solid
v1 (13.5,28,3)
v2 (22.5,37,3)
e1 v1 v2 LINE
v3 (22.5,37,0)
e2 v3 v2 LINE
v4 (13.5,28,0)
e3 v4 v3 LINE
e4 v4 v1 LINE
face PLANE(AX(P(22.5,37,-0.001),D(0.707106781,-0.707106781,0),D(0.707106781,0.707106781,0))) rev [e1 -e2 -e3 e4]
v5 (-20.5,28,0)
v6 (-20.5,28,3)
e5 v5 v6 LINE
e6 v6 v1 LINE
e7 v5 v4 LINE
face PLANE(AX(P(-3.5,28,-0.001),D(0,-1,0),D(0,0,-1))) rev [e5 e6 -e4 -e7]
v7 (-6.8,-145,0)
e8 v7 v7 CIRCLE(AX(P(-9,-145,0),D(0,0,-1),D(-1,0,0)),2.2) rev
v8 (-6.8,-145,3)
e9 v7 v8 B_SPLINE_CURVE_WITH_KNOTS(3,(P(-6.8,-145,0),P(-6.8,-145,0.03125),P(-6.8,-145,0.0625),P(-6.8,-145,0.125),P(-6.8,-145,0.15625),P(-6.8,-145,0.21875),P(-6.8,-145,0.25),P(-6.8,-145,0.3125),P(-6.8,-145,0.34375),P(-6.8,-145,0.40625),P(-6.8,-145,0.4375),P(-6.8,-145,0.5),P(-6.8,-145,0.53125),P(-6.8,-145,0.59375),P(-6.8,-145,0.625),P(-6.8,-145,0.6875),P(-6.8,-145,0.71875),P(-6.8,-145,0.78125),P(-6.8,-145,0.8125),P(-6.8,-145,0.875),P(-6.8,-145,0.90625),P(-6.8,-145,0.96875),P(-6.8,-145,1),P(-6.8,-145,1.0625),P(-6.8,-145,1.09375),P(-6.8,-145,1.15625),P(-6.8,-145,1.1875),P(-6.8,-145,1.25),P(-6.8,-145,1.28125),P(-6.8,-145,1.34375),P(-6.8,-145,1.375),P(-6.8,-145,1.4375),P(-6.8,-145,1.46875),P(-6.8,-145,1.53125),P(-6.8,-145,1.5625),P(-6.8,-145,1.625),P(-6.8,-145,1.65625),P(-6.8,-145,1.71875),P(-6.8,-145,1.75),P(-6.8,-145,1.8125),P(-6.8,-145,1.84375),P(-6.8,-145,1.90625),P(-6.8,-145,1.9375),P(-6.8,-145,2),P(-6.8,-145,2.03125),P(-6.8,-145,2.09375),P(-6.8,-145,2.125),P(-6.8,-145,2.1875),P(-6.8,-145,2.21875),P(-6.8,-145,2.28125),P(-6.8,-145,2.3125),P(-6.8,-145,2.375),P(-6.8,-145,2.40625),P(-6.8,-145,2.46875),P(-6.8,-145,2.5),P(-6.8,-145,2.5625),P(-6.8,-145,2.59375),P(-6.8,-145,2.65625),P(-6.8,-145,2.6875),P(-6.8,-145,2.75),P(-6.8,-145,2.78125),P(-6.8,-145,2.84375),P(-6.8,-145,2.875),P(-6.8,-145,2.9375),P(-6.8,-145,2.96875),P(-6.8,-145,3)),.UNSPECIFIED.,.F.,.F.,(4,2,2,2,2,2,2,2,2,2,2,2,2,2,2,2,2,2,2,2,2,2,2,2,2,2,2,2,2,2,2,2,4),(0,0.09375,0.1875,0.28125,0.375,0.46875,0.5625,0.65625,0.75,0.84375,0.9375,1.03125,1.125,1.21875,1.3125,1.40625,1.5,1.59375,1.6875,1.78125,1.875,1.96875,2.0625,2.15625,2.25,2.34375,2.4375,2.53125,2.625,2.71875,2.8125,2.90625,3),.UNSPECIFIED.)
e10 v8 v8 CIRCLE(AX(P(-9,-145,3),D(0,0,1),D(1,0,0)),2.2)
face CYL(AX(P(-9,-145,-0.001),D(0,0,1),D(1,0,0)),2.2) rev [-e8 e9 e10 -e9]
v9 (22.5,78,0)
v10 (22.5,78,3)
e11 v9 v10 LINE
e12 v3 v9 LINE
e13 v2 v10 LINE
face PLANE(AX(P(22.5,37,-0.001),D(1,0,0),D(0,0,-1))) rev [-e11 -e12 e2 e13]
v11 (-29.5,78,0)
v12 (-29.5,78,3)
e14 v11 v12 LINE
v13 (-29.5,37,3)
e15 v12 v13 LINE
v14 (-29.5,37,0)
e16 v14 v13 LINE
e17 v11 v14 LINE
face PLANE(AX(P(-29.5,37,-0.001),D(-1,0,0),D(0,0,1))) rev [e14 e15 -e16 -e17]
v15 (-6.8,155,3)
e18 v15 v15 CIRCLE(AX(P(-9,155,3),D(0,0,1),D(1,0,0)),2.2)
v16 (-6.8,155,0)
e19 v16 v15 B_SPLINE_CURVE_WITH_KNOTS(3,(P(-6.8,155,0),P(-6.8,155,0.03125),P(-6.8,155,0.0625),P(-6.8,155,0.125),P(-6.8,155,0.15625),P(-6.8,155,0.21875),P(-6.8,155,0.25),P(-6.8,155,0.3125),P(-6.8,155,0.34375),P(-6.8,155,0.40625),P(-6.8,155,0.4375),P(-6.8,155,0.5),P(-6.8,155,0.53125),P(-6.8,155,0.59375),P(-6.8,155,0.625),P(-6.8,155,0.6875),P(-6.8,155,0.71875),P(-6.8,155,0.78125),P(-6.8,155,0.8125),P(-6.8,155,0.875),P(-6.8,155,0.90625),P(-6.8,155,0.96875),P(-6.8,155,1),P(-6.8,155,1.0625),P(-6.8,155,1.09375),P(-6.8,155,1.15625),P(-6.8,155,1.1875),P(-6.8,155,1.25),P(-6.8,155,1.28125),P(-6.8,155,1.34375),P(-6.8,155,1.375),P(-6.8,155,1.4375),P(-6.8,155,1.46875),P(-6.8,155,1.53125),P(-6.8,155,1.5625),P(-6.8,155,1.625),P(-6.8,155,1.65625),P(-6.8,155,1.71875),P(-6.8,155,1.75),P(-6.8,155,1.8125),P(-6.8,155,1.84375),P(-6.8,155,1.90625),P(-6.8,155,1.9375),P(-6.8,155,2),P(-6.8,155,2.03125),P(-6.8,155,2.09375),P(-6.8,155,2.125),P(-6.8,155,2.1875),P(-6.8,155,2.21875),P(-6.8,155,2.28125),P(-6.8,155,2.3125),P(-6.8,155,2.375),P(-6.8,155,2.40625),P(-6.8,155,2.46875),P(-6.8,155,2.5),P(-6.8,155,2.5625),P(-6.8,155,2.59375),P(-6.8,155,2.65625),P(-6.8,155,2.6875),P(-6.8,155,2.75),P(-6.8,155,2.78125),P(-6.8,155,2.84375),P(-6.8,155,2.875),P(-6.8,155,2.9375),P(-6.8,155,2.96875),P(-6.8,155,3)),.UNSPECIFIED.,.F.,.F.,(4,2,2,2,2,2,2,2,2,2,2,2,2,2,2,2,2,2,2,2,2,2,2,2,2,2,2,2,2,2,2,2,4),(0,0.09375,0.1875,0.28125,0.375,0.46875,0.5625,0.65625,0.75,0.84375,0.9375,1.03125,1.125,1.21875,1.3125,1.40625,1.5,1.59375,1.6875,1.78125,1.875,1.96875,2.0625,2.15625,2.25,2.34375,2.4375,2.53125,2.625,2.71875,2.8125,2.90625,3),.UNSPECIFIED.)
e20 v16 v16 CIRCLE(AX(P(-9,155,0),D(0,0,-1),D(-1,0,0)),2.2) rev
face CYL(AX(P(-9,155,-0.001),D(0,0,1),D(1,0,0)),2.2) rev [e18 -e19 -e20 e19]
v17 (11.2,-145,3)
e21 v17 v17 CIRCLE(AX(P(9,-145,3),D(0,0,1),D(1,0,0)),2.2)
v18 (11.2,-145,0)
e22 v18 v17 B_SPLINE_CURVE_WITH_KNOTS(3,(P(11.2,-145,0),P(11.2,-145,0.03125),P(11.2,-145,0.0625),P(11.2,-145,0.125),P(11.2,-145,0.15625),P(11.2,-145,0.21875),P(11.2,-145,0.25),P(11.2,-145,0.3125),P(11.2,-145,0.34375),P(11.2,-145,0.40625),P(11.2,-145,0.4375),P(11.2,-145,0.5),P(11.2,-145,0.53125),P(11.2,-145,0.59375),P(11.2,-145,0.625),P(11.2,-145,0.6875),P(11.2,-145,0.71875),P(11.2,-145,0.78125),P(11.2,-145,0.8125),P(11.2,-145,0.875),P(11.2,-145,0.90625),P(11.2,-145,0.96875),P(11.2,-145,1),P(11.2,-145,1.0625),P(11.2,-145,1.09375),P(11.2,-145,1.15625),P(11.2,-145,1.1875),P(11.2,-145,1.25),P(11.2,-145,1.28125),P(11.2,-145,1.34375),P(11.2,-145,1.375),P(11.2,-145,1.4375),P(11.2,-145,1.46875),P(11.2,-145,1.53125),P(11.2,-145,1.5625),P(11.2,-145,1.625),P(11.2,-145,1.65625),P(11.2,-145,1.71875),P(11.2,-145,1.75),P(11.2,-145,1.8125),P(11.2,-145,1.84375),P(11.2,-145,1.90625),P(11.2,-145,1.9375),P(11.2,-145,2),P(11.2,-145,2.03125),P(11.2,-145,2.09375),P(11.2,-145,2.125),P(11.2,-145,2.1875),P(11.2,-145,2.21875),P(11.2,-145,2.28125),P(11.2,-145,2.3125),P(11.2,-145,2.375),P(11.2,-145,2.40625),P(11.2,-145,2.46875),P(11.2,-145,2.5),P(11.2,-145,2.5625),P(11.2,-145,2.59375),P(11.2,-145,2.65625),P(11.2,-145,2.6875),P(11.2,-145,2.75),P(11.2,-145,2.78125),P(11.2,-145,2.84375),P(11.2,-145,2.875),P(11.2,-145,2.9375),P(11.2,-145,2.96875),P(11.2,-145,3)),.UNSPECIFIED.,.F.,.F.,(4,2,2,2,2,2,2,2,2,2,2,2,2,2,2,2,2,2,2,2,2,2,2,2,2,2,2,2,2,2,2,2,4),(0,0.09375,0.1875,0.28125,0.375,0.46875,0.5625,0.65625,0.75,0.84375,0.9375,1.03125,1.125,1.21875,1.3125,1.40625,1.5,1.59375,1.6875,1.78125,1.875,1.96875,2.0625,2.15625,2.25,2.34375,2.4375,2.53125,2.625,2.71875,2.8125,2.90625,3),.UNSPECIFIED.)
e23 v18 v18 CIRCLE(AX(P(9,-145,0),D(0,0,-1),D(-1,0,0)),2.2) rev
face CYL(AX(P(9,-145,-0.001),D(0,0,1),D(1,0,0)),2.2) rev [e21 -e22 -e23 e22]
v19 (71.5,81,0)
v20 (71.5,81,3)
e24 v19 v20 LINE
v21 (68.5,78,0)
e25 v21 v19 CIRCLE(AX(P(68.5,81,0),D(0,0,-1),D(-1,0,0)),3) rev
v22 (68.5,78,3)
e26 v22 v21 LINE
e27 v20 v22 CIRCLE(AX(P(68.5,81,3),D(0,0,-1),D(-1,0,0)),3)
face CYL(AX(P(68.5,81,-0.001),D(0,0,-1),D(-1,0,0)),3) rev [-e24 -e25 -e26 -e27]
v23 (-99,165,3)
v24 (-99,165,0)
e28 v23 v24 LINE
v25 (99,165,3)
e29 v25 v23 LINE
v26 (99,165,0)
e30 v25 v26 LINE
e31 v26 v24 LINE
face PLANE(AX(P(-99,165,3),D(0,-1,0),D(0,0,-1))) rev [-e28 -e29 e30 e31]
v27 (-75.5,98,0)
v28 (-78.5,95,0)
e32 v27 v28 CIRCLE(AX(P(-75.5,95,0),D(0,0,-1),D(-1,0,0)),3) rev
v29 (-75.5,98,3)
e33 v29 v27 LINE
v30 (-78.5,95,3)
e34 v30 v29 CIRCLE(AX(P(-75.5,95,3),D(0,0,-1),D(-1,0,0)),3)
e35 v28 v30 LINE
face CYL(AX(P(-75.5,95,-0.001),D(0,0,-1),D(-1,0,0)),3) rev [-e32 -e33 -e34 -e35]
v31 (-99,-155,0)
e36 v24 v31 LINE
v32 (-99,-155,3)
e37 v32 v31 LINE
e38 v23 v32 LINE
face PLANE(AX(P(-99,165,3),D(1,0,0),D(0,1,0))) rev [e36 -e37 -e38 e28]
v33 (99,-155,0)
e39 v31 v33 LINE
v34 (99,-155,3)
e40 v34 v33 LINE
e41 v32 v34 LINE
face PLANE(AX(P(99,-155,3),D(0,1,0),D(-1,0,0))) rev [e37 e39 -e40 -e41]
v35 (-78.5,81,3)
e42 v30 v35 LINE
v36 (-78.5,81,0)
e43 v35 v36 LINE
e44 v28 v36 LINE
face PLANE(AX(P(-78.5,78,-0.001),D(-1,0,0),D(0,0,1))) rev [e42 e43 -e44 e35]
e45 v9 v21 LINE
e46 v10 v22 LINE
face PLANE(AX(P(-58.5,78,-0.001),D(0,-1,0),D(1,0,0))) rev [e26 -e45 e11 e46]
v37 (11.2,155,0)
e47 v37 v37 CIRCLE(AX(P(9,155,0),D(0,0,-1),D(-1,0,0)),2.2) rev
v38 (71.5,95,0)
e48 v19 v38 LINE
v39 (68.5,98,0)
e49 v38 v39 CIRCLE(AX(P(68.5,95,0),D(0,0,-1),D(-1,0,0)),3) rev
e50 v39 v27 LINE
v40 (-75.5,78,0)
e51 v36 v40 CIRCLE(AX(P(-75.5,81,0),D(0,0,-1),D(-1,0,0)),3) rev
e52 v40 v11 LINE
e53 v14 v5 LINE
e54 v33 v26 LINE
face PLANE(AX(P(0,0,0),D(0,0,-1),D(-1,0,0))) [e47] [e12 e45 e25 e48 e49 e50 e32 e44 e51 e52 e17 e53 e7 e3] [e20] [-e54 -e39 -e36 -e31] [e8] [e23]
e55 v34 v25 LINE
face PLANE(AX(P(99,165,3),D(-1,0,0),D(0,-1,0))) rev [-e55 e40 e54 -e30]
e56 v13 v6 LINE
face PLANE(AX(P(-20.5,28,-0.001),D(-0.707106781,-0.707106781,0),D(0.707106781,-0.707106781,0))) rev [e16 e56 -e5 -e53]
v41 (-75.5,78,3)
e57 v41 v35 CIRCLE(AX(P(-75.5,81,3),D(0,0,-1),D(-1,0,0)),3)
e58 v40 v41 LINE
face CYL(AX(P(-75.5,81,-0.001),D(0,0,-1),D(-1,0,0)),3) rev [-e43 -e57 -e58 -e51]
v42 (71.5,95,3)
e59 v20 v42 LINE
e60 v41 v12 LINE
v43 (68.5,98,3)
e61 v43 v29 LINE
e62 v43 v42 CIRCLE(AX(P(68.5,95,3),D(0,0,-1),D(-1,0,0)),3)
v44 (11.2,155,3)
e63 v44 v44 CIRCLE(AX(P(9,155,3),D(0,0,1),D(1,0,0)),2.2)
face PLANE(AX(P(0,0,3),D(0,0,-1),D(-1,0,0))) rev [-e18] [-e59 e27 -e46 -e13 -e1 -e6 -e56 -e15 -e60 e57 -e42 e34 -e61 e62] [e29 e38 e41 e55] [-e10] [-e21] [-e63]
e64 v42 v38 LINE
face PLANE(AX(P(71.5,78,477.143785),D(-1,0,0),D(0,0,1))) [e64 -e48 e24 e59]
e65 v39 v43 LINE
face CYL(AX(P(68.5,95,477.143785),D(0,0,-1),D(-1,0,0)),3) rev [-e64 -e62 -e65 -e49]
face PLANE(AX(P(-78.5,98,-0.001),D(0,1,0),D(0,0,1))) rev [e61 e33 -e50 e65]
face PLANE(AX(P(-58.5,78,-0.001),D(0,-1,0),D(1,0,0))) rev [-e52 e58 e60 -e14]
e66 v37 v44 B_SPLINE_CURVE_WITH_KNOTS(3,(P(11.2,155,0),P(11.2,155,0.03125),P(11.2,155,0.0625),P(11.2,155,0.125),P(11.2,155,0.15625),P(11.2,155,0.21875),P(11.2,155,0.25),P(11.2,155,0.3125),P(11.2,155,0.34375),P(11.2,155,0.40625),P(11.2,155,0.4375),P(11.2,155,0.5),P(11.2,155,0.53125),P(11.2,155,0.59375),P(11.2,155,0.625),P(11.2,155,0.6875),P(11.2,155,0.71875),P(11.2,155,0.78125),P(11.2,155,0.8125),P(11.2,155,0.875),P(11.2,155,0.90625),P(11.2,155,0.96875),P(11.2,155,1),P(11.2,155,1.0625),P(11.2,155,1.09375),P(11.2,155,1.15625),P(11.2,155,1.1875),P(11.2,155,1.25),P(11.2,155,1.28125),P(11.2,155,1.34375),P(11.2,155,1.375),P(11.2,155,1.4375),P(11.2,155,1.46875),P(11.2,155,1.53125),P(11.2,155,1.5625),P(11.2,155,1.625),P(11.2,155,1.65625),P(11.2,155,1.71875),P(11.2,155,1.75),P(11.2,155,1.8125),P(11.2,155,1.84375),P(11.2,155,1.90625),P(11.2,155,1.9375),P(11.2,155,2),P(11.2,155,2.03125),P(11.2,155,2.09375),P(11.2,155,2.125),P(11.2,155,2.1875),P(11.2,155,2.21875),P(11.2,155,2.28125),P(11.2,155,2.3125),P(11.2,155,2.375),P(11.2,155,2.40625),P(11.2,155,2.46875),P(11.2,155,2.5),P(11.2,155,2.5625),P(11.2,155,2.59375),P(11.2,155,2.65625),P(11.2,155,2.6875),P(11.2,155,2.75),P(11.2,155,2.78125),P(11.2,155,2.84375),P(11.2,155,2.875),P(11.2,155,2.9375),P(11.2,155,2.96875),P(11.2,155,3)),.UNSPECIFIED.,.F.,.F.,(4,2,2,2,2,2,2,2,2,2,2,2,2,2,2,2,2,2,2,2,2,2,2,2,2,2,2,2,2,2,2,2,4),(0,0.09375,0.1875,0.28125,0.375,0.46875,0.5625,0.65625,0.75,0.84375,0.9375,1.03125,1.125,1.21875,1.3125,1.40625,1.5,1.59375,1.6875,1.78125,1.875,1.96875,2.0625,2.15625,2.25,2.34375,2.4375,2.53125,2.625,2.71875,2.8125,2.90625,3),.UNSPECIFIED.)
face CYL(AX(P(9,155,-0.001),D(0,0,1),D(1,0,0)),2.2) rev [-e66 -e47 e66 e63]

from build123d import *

# Parameters (mm, degrees)
ESQUISSE1_W                  = 198
ESQUISSE1_H                  = 320
BOSS_EXTRU_1_DEPTH           = 3
ENL_V_MAT_EXTRU_1_REACH      = 194.445
ESQUISSE2_R                  = 2.2
ENL_V_MAT_EXTRU_4_REACH      = 194.445
ESQUISSE5_W                  = 20
ESQUISSE5_H                  = 20
ENL_V_MAT_EXTRU_5_DEPTH      = 193.44479728
ENL_V_MAT_EXTRU_5_DEPTH_BACK = 193.44479728
ESQUISSE7_W                  = 37
ESQUISSE7_H                  = 20
ESQUISSE7_W_2                = 16
CONG_2_R                     = 3
ENL_V_MAT_EXTRU_6_REACH      = 194.445


with BuildPart() as part:
    # Esquisse1 → Boss.-Extru.1 (new body)
    with BuildSketch(Plane.XY):
        with Locations((0, 5)):
            Rectangle(ESQUISSE1_W, ESQUISSE1_H)
    extrude(amount=BOSS_EXTRU_1_DEPTH)

    # Esquisse2 → Enlèv. mat.-Extru.1 (cut, up to next)
    with BuildSketch(Plane.XY.offset(3), mode=Mode.PRIVATE) as enl_v_mat_extru_1_sk1:
        with Locations((9, -145)):
            Circle(ESQUISSE2_R)
    enl_v_mat_extru_1_tool1 = extrude(enl_v_mat_extru_1_sk1.sketch, amount=-ENL_V_MAT_EXTRU_1_REACH, mode=Mode.PRIVATE) & part.part
    # Esquisse2 → Enlèv. mat.-Extru.1 (cut, up to next)
    with BuildSketch(Plane.XY.offset(3), mode=Mode.PRIVATE) as enl_v_mat_extru_1_sk2:
        with Locations((-9, -145)):
            Circle(ESQUISSE2_R)
    enl_v_mat_extru_1_tool2 = extrude(enl_v_mat_extru_1_sk2.sketch, amount=-ENL_V_MAT_EXTRU_1_REACH, mode=Mode.PRIVATE) & part.part
    # Esquisse2 → Enlèv. mat.-Extru.1 (cut, up to next)
    with BuildSketch(Plane.XY.offset(3), mode=Mode.PRIVATE) as enl_v_mat_extru_1_sk3:
        with Locations((-9, 155)):
            Circle(ESQUISSE2_R)
    enl_v_mat_extru_1_tool3 = extrude(enl_v_mat_extru_1_sk3.sketch, amount=-ENL_V_MAT_EXTRU_1_REACH, mode=Mode.PRIVATE) & part.part
    # Esquisse2 → Enlèv. mat.-Extru.1 (cut, up to next)
    with BuildSketch(Plane.XY.offset(3), mode=Mode.PRIVATE) as enl_v_mat_extru_1_sk4:
        with Locations((9, 155)):
            Circle(ESQUISSE2_R)
    enl_v_mat_extru_1_tool4 = extrude(enl_v_mat_extru_1_sk4.sketch, amount=-ENL_V_MAT_EXTRU_1_REACH, mode=Mode.PRIVATE) & part.part
    add(enl_v_mat_extru_1_tool1.solids().sort_by_distance((9, -145, 3))[0], mode=Mode.SUBTRACT)
    add(enl_v_mat_extru_1_tool2.solids().sort_by_distance((-9, -145, 3))[0], mode=Mode.SUBTRACT)
    add(enl_v_mat_extru_1_tool3.solids().sort_by_distance((-9, 155, 3))[0], mode=Mode.SUBTRACT)
    add(enl_v_mat_extru_1_tool4.solids().sort_by_distance((9, 155, 3))[0], mode=Mode.SUBTRACT)

    # Esquisse5 → Enlèv. mat.-Extru.4 (cut, up to next)
    with BuildSketch(Plane.XY.offset(3), mode=Mode.PRIVATE) as enl_v_mat_extru_4_sk1:
        with Locations((-68.5, 88)):
            Rectangle(ESQUISSE5_W, ESQUISSE5_H)
    enl_v_mat_extru_4_tool1 = extrude(enl_v_mat_extru_4_sk1.sketch, amount=-ENL_V_MAT_EXTRU_4_REACH, mode=Mode.PRIVATE) & part.part
    # Esquisse5 → Enlèv. mat.-Extru.4 (cut, up to next)
    with BuildSketch(Plane.XY.offset(3), mode=Mode.PRIVATE) as enl_v_mat_extru_4_sk2:
        with Locations((-11.5, 88)):
            Rectangle(ESQUISSE5_W, ESQUISSE5_H)
    enl_v_mat_extru_4_tool2 = extrude(enl_v_mat_extru_4_sk2.sketch, amount=-ENL_V_MAT_EXTRU_4_REACH, mode=Mode.PRIVATE) & part.part
    # Esquisse5 → Enlèv. mat.-Extru.4 (cut, up to next)
    with BuildSketch(Plane.XY.offset(3), mode=Mode.PRIVATE) as enl_v_mat_extru_4_sk3:
        with Locations((45.5, 88)):
            Rectangle(ESQUISSE5_W, ESQUISSE5_H)
    enl_v_mat_extru_4_tool3 = extrude(enl_v_mat_extru_4_sk3.sketch, amount=-ENL_V_MAT_EXTRU_4_REACH, mode=Mode.PRIVATE) & part.part
    add(enl_v_mat_extru_4_tool1.solids().sort_by_distance((-68.5, 88, 3))[0], mode=Mode.SUBTRACT)
    add(enl_v_mat_extru_4_tool2.solids().sort_by_distance((-11.5, 88, 3))[0], mode=Mode.SUBTRACT)
    add(enl_v_mat_extru_4_tool3.solids().sort_by_distance((45.5, 88, 3))[0], mode=Mode.SUBTRACT)

    # Esquisse7 → Enlèv. mat.-Extru.5 (cut, two sides: drawn at the far end of the back side and taken through both)
    with BuildSketch(Plane.XY.offset(3).offset(-ENL_V_MAT_EXTRU_5_DEPTH_BACK)):
        with Locations((-40, 88)):
            Rectangle(ESQUISSE7_W, ESQUISSE7_H)
        with Locations((17, 88)):
            Rectangle(ESQUISSE7_W, ESQUISSE7_H)
        with Locations((63.5, 88)):
            Rectangle(ESQUISSE7_W_2, ESQUISSE7_H)
    extrude(amount=ENL_V_MAT_EXTRU_5_DEPTH + ENL_V_MAT_EXTRU_5_DEPTH_BACK, mode=Mode.SUBTRACT)

    # Congé2
    cong_2_edges = [part.edges().sort_by_distance(p)[0] for p in [
        (-78.5, 78, 1.5),
        (-78.5, 98, 1.5),
        (71.5, 98, 1.5),
        (71.5, 78, 1.5),
    ]]
    fillet(cong_2_edges, radius=CONG_2_R)

    # Esquisse9 → Enlèv. mat.-Extru.6 (cut, up to next)
    with BuildSketch(Plane.XY.offset(3), mode=Mode.PRIVATE) as enl_v_mat_extru_6_sk1:
        Polygon((-3.5, 28), (13.5, 28), (22.5, 37), (22.5, 78), (-29.5, 78), (-29.5, 37), (-20.5, 28), align=None)
    enl_v_mat_extru_6_tool1 = extrude(enl_v_mat_extru_6_sk1.sketch, amount=-ENL_V_MAT_EXTRU_6_REACH, mode=Mode.PRIVATE) & part.part
    add(enl_v_mat_extru_6_tool1.solids().sort_by_distance((-3.5, 53.707424, 3))[0], mode=Mode.SUBTRACT)


solid = part.part
